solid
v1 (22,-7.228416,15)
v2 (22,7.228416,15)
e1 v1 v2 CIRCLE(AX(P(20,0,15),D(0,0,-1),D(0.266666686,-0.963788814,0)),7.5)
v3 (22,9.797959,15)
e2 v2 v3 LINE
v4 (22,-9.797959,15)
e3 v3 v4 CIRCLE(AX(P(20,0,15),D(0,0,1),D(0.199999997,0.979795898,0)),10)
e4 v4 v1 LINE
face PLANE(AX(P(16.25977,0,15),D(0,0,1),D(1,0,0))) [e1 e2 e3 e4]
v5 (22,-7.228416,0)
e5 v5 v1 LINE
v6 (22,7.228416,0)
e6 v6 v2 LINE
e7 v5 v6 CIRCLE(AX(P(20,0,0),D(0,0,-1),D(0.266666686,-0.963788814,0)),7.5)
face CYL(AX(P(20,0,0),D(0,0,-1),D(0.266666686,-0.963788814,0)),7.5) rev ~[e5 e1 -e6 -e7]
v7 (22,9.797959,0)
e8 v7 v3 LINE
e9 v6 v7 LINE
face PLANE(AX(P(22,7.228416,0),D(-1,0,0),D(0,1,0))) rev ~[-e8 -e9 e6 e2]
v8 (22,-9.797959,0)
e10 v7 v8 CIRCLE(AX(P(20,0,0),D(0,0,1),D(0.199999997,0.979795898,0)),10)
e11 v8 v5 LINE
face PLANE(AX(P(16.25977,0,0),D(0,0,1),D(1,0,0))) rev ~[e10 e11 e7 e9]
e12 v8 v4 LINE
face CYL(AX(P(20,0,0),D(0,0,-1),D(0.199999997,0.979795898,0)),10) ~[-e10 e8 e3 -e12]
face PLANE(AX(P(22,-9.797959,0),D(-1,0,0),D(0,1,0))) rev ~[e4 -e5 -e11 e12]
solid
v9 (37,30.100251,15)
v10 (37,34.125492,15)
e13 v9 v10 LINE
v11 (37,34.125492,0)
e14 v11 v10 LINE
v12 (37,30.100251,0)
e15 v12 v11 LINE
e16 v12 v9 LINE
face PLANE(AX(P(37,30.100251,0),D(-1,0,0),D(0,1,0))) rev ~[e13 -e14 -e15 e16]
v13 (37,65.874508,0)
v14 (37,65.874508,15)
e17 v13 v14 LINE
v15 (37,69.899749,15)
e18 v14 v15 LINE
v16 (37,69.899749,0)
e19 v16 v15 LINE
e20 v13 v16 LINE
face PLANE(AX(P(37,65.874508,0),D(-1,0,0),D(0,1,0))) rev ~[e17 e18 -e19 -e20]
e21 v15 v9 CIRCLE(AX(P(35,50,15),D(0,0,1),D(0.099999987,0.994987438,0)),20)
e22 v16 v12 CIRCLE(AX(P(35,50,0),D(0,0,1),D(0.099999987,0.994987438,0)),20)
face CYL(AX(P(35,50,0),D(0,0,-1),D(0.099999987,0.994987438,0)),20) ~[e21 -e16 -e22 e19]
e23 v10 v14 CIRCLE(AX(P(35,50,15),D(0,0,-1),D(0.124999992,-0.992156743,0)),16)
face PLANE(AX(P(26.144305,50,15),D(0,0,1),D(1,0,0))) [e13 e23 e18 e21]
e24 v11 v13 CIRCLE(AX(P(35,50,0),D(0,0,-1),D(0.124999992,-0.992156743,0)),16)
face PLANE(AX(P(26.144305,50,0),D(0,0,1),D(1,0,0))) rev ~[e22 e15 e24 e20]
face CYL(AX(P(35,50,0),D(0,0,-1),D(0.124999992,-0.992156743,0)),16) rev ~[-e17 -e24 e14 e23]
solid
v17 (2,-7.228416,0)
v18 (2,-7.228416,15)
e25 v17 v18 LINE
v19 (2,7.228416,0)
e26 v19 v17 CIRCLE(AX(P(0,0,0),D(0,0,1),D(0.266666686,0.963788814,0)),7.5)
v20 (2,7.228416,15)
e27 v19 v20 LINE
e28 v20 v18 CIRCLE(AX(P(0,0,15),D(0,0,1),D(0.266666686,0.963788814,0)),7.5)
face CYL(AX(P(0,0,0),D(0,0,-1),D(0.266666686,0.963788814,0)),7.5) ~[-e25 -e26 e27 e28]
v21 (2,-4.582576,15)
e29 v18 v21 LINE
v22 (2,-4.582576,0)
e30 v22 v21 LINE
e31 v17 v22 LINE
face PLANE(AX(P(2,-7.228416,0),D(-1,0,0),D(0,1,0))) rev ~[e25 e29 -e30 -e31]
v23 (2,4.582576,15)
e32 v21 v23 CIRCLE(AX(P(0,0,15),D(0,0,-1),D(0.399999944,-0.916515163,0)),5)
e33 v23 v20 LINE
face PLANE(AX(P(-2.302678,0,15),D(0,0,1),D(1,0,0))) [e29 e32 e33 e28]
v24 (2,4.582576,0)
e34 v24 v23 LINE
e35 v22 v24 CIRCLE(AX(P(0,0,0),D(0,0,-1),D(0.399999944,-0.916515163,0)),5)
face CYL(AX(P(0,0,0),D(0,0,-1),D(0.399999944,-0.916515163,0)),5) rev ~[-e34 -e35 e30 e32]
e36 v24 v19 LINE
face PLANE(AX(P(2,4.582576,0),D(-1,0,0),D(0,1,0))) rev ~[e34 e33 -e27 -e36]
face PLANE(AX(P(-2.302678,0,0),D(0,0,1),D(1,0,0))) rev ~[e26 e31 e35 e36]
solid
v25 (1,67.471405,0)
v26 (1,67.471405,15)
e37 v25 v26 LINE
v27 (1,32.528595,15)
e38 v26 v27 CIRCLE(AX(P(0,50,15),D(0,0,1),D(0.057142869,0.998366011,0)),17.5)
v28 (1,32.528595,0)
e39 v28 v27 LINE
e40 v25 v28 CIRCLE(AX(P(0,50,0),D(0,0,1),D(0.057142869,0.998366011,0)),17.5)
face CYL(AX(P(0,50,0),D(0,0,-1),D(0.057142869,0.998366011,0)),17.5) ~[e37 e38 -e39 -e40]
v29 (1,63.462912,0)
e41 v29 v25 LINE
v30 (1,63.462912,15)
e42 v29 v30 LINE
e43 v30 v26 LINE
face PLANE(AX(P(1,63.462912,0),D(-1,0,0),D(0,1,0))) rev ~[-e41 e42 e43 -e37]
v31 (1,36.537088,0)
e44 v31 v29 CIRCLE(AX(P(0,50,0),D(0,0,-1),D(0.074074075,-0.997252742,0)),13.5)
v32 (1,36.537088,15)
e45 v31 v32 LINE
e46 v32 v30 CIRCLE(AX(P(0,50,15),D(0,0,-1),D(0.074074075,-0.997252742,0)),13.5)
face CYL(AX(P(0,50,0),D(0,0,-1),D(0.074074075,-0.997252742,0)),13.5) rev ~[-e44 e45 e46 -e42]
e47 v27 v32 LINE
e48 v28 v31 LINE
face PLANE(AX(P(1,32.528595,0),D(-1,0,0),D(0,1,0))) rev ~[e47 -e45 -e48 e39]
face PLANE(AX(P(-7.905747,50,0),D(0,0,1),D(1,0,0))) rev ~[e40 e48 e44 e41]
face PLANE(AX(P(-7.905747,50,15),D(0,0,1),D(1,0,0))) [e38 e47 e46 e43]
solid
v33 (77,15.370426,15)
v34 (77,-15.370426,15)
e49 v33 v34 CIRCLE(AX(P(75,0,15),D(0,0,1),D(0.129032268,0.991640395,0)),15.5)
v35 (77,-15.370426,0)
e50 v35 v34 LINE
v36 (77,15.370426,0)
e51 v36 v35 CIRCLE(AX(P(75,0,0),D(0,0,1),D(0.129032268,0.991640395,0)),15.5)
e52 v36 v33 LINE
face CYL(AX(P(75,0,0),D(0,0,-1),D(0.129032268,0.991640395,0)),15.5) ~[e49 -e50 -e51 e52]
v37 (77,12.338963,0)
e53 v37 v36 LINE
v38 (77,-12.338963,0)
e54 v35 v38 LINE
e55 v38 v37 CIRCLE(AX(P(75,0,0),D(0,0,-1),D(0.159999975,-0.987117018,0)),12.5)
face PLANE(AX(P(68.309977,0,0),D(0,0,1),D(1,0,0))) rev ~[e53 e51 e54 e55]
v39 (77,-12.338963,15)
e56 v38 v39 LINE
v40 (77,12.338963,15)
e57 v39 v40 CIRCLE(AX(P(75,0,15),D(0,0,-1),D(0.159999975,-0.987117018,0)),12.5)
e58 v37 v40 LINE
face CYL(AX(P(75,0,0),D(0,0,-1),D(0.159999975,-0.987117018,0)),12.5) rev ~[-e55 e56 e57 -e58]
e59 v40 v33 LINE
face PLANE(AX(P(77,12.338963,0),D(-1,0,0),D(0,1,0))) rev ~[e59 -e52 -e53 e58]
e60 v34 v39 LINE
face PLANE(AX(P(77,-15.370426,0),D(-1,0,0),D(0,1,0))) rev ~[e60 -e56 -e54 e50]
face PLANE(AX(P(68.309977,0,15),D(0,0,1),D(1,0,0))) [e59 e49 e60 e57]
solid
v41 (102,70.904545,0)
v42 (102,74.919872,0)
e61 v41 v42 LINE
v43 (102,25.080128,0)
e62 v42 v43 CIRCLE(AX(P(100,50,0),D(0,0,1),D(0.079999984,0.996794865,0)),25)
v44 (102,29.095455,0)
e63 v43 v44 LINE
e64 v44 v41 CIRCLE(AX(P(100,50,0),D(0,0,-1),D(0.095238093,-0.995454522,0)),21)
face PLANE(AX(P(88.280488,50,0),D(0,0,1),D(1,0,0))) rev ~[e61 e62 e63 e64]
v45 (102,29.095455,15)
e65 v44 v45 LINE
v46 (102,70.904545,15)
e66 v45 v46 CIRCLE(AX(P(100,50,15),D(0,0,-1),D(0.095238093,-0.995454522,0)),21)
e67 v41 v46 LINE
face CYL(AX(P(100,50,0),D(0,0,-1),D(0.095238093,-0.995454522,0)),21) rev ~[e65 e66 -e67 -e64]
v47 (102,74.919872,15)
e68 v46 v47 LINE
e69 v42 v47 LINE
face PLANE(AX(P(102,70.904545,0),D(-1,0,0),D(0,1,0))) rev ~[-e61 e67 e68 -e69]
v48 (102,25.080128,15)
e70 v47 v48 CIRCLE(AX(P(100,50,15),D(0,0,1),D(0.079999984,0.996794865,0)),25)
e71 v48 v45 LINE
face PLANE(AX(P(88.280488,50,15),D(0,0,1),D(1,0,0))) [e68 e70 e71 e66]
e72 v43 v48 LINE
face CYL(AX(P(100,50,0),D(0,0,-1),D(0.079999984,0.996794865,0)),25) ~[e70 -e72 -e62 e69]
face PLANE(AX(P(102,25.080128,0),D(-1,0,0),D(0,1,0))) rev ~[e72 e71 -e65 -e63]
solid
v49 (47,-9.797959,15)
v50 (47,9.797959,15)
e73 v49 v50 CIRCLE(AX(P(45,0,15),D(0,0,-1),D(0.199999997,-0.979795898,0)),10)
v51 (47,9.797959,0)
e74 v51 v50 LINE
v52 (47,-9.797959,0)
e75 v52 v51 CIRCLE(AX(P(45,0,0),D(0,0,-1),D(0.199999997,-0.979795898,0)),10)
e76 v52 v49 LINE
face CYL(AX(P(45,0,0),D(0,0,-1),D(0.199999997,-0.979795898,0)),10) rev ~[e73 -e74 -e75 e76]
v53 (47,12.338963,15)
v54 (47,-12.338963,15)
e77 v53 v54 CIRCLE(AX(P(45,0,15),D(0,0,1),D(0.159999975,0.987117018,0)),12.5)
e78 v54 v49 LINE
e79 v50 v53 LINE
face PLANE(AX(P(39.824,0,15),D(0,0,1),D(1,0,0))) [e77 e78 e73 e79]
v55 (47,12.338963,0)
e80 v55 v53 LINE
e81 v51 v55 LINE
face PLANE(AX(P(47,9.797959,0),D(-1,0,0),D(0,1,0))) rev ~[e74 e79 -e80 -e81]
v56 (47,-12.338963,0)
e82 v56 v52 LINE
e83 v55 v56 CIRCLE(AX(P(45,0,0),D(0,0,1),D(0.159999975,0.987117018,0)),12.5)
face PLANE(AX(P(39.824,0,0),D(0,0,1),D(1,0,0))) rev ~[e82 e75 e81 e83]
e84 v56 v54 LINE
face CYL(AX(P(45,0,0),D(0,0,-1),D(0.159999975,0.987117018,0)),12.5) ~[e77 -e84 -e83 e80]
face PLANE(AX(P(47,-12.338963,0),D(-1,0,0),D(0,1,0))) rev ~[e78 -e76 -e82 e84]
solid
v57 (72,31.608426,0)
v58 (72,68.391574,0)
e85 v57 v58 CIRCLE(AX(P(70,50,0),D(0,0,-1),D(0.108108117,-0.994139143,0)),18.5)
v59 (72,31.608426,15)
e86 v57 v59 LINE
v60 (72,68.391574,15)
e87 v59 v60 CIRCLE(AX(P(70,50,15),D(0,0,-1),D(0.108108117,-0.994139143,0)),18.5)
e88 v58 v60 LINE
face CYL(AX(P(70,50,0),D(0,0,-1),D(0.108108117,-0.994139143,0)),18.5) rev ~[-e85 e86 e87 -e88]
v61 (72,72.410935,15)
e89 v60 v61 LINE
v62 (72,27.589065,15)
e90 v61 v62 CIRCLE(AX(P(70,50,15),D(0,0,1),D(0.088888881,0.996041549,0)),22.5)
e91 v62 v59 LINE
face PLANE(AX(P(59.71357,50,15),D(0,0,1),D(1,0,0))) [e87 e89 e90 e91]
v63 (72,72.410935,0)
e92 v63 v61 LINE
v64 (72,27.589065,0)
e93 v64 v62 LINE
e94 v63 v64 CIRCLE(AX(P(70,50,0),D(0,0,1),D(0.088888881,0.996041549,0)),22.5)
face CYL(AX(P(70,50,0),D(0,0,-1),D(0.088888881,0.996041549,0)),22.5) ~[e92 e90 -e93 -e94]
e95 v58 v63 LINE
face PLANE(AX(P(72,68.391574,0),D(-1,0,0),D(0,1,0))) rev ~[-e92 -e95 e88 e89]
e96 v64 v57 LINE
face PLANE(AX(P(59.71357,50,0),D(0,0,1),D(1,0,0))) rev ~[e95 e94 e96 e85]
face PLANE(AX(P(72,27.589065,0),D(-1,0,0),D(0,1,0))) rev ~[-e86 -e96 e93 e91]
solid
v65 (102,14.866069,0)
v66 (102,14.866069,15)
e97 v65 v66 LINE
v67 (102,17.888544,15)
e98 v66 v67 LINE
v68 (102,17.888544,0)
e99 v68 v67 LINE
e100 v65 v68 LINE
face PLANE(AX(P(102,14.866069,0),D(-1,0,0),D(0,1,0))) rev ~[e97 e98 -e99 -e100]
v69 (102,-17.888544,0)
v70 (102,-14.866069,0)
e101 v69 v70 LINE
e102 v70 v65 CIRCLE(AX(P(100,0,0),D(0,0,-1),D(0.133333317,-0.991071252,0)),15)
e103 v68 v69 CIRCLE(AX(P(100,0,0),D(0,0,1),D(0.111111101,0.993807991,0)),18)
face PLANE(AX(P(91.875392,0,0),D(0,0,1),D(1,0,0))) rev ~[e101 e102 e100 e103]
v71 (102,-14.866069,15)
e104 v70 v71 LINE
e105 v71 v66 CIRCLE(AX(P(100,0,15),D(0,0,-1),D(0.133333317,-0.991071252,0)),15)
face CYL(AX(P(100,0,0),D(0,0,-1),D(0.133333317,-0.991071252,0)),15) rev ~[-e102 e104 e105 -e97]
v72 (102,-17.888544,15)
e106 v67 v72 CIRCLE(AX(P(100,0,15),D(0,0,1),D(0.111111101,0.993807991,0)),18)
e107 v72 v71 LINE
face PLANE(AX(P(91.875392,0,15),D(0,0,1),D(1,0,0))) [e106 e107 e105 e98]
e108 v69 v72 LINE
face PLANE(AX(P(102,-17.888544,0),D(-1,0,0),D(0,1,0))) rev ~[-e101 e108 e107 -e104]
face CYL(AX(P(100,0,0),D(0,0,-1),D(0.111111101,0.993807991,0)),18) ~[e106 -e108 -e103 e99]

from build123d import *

# Parameters (mm, degrees)
F1_DEPTH = 15


with BuildPart() as f1:
    # F0 (on Top) → F1 (new body)
    with BuildSketch(Plane.XY):
        with BuildLine():
            ThreePointArc((2, -4.582576), (-5, 0), (2, 4.582576))
            Line((2, 4.582576), (2, 7.228416))
            ThreePointArc((2, 7.228416), (-7.5, 0), (2, -7.228416))
            Line((2, -7.228416), (2, -4.582576))
        make_face()
        with BuildLine():
            ThreePointArc((22, -7.228416), (12.5, 0), (22, 7.228416))
            Line((22, 7.228416), (22, 9.797959))
            ThreePointArc((22, 9.797959), (10, 0), (22, -9.797959))
            Line((22, -9.797959), (22, -7.228416))
        make_face()
        with BuildLine():
            ThreePointArc((47, -9.797959), (35, 0), (47, 9.797959))
            Line((47, 9.797959), (47, 12.338963))
            ThreePointArc((47, 12.338963), (32.5, 0), (47, -12.338963))
            Line((47, -12.338963), (47, -9.797959))
        make_face()
        with BuildLine():
            ThreePointArc((77, -12.338963), (62.5, 0), (77, 12.338963))
            Line((77, 12.338963), (77, 15.370426))
            ThreePointArc((77, 15.370426), (59.5, 0), (77, -15.370426))
            Line((77, -15.370426), (77, -12.338963))
        make_face()
        with BuildLine():
            Line((1, 63.462912), (1, 67.471405))
            ThreePointArc((1, 67.471405), (-17.5, 50), (1, 32.528595))
            Line((1, 32.528595), (1, 36.537088))
            ThreePointArc((1, 36.537088), (-13.5, 50), (1, 63.462912))
        make_face()
        with BuildLine():
            Line((37, 65.874508), (37, 69.899749))
            ThreePointArc((37, 69.899749), (15, 50), (37, 30.100251))
            Line((37, 30.100251), (37, 34.125492))
            ThreePointArc((37, 34.125492), (19, 50), (37, 65.874508))
        make_face()
        with BuildLine():
            Line((72, 68.391574), (72, 72.410935))
            ThreePointArc((72, 72.410935), (47.5, 50), (72, 27.589065))
            Line((72, 27.589065), (72, 31.608426))
            ThreePointArc((72, 31.608426), (51.5, 50), (72, 68.391574))
        make_face()
        with BuildLine():
            Line((102, 14.866069), (102, 17.888544))
            ThreePointArc((102, 17.888544), (82, 0), (102, -17.888544))
            Line((102, -17.888544), (102, -14.866069))
            ThreePointArc((102, -14.866069), (85, 0), (102, 14.866069))
        make_face()
        with BuildLine():
            Line((102, 70.904545), (102, 74.919872))
            ThreePointArc((102, 74.919872), (75, 50), (102, 25.080128))
            Line((102, 25.080128), (102, 29.095455))
            ThreePointArc((102, 29.095455), (79, 50), (102, 70.904545))
        make_face()
    extrude(amount=F1_DEPTH)


solid = f1.part
